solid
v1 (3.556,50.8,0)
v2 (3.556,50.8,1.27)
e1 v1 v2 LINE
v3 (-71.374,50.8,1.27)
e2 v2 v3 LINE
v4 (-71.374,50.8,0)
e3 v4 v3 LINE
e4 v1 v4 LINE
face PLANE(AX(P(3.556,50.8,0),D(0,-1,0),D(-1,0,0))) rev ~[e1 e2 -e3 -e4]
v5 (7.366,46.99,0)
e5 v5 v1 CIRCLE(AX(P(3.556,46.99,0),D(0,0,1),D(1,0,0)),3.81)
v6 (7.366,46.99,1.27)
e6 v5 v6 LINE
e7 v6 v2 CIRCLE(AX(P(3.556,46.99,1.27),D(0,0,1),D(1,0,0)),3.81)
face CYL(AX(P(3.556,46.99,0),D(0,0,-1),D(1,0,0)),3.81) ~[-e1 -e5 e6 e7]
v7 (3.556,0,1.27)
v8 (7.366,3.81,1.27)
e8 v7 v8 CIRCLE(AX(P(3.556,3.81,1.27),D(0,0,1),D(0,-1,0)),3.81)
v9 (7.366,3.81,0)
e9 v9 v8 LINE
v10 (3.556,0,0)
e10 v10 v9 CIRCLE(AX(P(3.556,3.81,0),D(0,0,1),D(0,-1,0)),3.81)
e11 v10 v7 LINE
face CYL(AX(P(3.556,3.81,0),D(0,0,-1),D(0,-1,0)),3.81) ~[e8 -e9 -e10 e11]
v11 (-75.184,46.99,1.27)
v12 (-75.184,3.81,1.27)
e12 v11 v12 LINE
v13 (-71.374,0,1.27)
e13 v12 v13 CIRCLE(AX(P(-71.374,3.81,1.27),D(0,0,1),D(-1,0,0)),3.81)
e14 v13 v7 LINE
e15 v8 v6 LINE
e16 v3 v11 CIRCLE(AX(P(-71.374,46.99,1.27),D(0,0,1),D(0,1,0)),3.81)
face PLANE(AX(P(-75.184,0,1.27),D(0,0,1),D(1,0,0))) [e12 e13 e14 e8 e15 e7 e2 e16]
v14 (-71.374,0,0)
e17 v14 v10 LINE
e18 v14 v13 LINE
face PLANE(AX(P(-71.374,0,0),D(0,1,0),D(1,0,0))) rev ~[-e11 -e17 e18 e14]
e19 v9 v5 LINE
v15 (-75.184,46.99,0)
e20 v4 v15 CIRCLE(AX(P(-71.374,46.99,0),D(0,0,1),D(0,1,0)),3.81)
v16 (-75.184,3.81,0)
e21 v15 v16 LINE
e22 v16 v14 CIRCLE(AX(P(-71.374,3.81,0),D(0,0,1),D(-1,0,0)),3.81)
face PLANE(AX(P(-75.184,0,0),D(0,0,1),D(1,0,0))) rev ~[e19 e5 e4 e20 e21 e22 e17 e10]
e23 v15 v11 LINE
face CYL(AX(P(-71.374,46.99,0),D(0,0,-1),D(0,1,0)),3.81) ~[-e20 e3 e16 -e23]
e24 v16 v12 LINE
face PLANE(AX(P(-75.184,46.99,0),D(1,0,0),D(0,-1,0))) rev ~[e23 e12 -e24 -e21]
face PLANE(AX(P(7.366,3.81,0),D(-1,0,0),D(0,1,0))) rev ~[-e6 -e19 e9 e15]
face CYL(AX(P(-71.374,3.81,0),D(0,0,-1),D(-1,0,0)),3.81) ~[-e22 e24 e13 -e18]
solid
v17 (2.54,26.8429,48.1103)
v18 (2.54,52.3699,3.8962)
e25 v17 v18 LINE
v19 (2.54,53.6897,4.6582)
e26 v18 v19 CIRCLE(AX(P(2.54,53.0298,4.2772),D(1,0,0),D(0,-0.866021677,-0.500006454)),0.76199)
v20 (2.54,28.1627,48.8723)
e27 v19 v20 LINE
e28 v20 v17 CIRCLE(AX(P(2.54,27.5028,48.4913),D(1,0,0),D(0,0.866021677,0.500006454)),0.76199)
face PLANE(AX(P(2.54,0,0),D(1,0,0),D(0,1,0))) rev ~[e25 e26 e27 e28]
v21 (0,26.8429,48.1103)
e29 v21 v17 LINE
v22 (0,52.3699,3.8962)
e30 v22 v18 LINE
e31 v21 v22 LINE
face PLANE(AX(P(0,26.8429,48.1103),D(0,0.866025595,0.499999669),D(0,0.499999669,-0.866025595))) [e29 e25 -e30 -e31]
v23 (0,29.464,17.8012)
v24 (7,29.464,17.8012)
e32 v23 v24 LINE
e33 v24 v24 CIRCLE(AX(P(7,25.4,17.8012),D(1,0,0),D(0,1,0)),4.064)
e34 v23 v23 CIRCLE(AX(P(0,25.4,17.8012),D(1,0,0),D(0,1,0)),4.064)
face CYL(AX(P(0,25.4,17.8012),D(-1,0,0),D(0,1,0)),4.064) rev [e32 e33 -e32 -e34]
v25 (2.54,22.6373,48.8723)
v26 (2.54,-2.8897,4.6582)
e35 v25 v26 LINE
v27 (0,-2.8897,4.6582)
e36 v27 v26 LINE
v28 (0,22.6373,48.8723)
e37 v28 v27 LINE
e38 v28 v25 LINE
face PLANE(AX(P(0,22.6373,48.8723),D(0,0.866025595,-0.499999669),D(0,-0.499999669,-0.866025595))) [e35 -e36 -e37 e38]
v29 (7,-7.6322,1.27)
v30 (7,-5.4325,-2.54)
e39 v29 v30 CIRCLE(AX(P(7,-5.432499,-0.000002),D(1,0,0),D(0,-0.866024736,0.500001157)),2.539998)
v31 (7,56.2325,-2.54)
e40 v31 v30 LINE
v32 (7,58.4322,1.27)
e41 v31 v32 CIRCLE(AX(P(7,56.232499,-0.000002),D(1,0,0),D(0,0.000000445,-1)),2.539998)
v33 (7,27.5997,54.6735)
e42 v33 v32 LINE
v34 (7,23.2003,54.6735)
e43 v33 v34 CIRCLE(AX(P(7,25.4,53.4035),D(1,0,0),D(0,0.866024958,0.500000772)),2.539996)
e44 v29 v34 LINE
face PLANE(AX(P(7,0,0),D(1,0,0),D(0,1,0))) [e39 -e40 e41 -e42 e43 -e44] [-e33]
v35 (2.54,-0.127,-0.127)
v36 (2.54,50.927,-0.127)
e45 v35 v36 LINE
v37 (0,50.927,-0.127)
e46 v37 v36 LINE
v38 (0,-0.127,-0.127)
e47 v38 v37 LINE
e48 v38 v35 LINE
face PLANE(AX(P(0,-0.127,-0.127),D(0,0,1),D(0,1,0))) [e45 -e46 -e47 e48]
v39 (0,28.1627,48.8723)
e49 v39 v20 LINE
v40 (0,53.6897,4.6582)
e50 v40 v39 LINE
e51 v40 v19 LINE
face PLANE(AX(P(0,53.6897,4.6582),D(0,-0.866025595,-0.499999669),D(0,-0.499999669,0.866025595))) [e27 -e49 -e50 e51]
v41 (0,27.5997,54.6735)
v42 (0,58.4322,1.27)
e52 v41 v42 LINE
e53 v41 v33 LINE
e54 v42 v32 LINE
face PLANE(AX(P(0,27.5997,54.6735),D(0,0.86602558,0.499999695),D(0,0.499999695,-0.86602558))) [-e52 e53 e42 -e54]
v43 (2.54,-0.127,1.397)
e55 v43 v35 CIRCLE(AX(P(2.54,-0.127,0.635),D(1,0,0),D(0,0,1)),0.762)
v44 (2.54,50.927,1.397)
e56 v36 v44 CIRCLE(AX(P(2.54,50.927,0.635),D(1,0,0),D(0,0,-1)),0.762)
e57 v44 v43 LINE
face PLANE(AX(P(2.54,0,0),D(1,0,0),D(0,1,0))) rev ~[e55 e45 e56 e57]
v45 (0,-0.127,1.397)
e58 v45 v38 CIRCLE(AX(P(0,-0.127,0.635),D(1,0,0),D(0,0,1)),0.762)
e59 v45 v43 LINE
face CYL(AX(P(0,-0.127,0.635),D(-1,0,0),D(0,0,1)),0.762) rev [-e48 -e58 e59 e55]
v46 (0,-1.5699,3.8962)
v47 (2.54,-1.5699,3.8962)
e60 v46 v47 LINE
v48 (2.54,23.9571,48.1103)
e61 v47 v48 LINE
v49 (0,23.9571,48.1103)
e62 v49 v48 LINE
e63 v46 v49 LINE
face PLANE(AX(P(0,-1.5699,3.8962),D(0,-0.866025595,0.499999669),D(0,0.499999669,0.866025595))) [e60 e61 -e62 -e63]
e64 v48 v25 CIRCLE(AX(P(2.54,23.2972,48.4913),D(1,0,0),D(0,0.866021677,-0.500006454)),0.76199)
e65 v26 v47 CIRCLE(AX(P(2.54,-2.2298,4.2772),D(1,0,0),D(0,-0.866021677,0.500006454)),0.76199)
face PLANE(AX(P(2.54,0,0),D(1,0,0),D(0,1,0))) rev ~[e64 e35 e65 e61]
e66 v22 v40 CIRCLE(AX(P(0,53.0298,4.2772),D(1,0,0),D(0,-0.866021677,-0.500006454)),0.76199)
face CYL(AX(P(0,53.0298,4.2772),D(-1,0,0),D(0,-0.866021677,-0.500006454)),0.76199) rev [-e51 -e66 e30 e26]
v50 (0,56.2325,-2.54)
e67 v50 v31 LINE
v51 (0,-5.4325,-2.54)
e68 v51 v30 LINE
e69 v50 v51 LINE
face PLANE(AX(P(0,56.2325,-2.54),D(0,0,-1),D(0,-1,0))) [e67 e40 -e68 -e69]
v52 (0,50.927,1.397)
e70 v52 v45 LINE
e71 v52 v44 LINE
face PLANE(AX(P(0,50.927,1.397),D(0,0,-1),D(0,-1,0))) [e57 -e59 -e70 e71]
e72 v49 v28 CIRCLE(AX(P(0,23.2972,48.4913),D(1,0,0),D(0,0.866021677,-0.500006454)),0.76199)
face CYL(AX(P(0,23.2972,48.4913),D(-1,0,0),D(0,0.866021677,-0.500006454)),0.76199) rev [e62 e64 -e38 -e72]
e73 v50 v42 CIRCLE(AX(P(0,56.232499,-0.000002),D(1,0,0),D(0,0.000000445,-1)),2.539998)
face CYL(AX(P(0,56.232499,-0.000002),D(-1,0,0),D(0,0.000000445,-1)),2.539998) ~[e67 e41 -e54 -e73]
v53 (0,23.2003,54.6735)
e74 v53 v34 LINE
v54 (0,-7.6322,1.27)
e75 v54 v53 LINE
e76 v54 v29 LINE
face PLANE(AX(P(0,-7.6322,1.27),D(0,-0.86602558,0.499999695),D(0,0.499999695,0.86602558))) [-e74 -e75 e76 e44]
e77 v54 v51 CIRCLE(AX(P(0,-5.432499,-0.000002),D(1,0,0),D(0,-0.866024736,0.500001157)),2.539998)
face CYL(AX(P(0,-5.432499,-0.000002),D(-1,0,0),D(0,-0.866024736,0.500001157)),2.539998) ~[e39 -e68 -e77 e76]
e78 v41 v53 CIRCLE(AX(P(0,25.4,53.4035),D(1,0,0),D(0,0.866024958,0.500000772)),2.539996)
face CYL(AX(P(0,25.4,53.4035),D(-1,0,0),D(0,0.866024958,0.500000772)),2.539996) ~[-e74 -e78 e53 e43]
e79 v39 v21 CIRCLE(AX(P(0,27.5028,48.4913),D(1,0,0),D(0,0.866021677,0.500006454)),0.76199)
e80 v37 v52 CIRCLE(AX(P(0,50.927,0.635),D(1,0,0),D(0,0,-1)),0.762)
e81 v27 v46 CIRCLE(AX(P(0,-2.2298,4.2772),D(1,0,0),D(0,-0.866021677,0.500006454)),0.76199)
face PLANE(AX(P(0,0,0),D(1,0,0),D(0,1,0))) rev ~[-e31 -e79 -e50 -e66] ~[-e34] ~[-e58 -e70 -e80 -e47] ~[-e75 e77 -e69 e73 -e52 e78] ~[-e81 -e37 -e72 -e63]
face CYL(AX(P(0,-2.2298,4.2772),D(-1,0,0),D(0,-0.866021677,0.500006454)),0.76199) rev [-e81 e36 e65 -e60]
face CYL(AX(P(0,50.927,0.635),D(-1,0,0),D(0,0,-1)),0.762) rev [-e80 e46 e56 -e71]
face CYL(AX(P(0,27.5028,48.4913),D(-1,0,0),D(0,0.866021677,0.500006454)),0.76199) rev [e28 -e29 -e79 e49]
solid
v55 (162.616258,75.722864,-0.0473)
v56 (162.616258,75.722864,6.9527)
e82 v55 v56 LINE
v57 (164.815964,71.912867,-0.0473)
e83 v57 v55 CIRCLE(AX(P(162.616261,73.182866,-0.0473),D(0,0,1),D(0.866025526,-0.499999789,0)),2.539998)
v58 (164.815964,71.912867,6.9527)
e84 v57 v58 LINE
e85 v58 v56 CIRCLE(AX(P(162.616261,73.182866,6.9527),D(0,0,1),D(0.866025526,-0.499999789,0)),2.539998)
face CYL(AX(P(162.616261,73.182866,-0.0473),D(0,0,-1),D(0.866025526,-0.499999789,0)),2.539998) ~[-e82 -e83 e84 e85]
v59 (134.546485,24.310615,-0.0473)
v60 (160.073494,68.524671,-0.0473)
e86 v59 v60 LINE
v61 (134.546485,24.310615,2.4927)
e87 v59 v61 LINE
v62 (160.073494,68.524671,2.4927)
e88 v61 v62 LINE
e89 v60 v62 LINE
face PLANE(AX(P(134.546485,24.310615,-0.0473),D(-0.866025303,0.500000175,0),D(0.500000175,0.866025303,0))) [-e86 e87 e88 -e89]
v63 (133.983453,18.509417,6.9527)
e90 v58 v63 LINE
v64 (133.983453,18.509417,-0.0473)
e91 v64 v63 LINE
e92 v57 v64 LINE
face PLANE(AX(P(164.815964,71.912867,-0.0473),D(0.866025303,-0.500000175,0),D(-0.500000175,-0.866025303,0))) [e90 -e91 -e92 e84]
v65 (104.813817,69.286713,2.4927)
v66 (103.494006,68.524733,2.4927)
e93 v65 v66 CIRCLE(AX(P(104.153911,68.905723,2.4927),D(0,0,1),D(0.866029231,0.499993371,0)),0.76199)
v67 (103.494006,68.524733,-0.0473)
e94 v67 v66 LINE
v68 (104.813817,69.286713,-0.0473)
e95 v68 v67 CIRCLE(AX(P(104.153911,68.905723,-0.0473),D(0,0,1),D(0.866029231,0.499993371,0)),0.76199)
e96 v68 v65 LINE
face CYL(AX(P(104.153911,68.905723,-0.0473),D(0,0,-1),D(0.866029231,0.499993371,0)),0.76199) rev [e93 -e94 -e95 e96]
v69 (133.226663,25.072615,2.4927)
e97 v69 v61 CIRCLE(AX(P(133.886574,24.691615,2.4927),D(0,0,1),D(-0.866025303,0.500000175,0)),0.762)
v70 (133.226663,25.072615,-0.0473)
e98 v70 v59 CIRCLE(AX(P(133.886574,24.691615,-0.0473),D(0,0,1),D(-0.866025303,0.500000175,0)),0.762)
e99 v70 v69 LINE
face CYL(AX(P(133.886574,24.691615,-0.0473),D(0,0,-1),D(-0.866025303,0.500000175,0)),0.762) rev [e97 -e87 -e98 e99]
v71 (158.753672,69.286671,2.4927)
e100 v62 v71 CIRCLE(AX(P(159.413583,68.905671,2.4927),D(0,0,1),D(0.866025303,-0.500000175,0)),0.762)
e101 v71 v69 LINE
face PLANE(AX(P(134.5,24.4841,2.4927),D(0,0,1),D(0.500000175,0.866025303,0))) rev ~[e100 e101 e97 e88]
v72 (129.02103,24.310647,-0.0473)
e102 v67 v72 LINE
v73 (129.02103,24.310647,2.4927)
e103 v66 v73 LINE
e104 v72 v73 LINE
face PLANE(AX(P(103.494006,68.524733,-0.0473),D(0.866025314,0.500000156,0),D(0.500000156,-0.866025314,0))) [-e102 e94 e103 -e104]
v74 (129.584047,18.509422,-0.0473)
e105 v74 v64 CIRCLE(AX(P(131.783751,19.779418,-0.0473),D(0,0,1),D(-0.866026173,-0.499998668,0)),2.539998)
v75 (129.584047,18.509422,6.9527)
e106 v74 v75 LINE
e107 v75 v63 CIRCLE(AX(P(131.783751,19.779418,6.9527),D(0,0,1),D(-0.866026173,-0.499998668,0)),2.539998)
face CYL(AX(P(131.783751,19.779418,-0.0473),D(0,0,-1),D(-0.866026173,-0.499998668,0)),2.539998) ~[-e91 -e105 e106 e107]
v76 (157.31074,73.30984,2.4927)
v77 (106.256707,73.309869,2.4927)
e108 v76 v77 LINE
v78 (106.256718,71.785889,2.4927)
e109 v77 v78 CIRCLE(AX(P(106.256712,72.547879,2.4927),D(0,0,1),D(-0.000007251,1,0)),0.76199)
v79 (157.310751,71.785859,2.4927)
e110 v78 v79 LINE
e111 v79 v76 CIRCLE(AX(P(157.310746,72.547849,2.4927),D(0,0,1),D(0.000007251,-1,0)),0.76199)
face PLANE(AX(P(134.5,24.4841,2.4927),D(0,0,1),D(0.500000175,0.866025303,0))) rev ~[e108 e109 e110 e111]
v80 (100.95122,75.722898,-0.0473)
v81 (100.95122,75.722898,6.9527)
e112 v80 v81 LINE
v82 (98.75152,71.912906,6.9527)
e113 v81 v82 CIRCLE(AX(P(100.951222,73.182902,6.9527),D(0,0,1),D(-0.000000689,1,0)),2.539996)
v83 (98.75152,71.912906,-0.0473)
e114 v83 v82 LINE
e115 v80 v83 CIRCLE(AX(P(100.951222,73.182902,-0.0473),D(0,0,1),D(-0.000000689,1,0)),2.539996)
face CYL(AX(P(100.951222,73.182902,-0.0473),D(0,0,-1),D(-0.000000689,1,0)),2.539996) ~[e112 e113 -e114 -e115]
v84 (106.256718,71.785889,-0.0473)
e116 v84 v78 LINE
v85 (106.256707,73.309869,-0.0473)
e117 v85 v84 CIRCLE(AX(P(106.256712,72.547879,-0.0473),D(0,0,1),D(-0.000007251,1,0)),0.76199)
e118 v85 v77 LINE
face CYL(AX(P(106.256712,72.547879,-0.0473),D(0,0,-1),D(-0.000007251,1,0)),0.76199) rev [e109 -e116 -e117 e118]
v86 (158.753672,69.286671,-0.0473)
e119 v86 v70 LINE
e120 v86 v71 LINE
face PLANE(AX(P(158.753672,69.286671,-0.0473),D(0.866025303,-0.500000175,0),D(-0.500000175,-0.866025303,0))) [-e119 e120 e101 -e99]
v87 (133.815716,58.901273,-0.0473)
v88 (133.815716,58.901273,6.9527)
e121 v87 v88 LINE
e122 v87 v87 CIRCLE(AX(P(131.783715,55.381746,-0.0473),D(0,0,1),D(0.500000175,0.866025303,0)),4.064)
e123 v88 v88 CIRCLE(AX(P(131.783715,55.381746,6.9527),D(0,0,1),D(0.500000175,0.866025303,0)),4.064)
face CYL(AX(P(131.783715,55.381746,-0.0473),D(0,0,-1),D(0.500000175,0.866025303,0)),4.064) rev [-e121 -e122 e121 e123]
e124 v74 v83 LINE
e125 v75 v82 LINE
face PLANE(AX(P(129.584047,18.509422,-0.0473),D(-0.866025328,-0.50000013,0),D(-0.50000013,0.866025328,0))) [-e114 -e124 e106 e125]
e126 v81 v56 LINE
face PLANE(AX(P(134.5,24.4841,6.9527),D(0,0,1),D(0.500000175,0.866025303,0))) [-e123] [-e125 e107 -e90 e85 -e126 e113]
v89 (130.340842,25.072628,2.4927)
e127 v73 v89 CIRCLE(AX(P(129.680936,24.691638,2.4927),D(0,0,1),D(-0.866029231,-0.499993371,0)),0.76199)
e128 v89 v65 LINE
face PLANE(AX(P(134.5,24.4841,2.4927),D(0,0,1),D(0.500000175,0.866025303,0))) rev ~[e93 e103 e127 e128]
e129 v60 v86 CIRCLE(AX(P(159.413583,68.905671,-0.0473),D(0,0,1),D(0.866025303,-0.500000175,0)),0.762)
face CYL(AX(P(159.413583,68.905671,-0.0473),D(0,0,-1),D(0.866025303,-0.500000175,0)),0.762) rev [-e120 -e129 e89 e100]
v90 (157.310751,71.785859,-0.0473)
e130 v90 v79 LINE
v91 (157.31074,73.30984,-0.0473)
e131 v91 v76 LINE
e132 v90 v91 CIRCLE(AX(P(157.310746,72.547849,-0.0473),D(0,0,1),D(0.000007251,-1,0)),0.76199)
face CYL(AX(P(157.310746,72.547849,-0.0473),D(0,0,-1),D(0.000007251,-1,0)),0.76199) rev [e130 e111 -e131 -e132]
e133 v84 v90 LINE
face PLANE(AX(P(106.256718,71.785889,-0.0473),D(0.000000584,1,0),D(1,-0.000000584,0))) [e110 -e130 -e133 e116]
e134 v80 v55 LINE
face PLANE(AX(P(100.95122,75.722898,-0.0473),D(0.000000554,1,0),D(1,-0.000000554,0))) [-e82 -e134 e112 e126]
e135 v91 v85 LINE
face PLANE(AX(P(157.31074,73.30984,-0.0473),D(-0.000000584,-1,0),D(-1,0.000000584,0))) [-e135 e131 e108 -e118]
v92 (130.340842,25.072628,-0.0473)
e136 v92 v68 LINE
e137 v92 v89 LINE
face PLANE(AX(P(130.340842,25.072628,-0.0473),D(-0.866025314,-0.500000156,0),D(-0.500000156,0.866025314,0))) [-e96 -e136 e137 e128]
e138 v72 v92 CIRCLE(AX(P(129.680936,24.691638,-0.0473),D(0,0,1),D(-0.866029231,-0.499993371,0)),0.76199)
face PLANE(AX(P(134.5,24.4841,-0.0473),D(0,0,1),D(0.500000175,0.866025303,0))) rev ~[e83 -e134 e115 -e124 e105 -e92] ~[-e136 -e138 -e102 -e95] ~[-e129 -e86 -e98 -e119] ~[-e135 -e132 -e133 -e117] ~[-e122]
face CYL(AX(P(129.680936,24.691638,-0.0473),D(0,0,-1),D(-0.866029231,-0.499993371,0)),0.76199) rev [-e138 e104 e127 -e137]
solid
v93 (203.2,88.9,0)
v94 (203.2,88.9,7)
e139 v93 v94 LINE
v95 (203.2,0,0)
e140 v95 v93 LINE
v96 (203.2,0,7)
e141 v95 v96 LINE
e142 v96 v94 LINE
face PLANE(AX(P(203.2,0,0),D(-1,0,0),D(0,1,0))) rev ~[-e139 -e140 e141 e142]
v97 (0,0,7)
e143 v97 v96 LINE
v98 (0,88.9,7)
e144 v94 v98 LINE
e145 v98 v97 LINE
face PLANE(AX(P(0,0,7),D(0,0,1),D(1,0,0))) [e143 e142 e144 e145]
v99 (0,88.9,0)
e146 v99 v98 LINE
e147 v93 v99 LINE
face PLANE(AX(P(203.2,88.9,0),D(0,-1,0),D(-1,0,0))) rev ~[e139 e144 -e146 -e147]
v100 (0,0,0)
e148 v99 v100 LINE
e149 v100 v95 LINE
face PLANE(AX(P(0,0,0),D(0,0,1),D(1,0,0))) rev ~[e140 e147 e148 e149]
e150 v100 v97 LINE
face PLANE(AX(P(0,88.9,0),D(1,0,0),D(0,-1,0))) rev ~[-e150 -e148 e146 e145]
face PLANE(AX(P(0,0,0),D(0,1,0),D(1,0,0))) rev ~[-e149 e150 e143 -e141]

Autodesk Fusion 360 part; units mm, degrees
sketch "Sketch1" plane through (0, 0, 0) normal (0, 0, 1) x (1, 0, 0) in component "plate"
  line L0 (3.81, 0) -> (78.74, 0)
  line L1 (82.55, 3.81) -> (82.55, 46.99)
  line L2 (78.74, 50.8) -> (3.81, 50.8)
  line L3 (0, 46.99) -> (0, 3.81)
  arc A0 (3.81, 50.8) -> (0, 46.99) centre (3.81, 46.99) ccw
  arc A1 (82.55, 46.99) -> (78.74, 50.8) centre (78.74, 46.99) ccw
  arc A2 (78.74, 0) -> (82.55, 3.81) centre (78.74, 3.81) ccw
  arc A3 (0, 3.81) -> (3.81, 0) centre (3.81, 3.81) ccw
  point P0 (82.55, 0)
  point P1 (0, 50.8)
  dimension "d1" = 82.55
  dimension "d2" = 50.8
  dimension "d3" = 3.81
extrude "Extrude1" add sketch "Sketch1" along normal blind 1.27 makes body 1 in component "plate"
sketch "Sketch1 (2)" plane through (0, 0, 0) normal (1, 0, 0) x (0, 1, 0) in component "holder"
  line L0 (56.2325, -2.54) -> (-5.4325, -2.54)
  line L1 (-7.6322, 1.27) -> (23.2003, 54.6735)
  line L2 (27.5997, 54.6735) -> (58.4322, 1.27)
  line L3 (46.99, 0) -> (3.81, 0)
  line L4 (50.8, 0) -> (46.99, 0)
  line L5 (3.81, 0) -> (0, 0)
  line L6 (25.4, 0) -> (25.4, -2.54) construction
  line L7 (50.8, 1.27) -> (46.99, 1.27) construction
  line L8 (46.99, 1.27) -> (3.81, 1.27) construction
  line L9 (3.81, 1.27) -> (0, 1.27) construction
  line L10 (50.8, 1.27) -> (0, 1.27) construction
  line L11 (0, 1.27) -> (0, 0) construction
  line L12 (0, 0) -> (50.8, 0) construction
  line L13 (50.8, 0) -> (50.8, 1.27) construction
  line L14 (-0.127, -0.127) -> (50.927, -0.127)
  line L15 (50.927, -0.127) -> (50.927, 1.397) construction
  line L16 (50.927, 1.397) -> (-0.127, 1.397)
  line L17 (-0.127, 1.397) -> (-0.127, -0.127) construction
  arc A0 (27.5997, 54.6735) -> (23.2003, 54.6735) centre (25.4, 53.4035) ccw
  arc A1 (56.2325, -2.54) -> (58.4322, 1.27) centre (56.2325, 0) ccw
  arc A2 (-7.6322, 1.27) -> (-5.4325, -2.54) centre (-5.4325, 0) ccw
  arc A3 (50.927, -0.127) -> (50.927, 1.397) centre (50.927, 0.635) ccw
  arc A4 (-0.127, 1.397) -> (-0.127, -0.127) centre (-0.127, 0.635) ccw
  arc A5 (52.3699, 3.8962) -> (53.6897, 4.6582) centre (53.0298, 4.2772) ccw
  line L18 (53.6897, 4.6582) -> (28.1627, 48.8723)
  line L19 (26.8429, 48.1103) -> (52.3699, 3.8962)
  arc A6 (28.1627, 48.8723) -> (26.8429, 48.1103) centre (27.5028, 48.4913) ccw
  arc A7 (23.9571, 48.1103) -> (22.6373, 48.8723) centre (23.2972, 48.4913) ccw
  line L20 (22.6373, 48.8723) -> (-2.8897, 4.6582)
  line L21 (-1.5699, 3.8962) -> (23.9571, 48.1103)
  arc A8 (-2.8897, 4.6582) -> (-1.5699, 3.8962) centre (-2.2298, 4.2772) ccw
  circle A9 centre (25.4, 17.8012) radius 4.064
  line L22 (43.016, 27.9717) -> (18.9016, 14.0493) construction
  line L23 (7.784, 27.9717) -> (30.3338, 14.9526) construction
  line L24 (25.4, -2.54) -> (25.4, 29.45) construction
  point P0 (25.4, 17.8012)
  dimension "d7" = 2.54
  dimension "d8" = 0.127
  dimension "d11" = 2.54
  dimension "d12" = 2.54
  dimension "d13" = 2.54
  dimension "d15" = 360
  dimension "d16" = 8.128
extrude "Extrude1'" add sketch "Sketch1 (2)" along normal blind 7 separate body contours L0 L1 L2 A0 A1 A2 | L14 L16 A3 A4 | A5 L18 L19 A6 | A7 L20 L21 A8 makes body 2 in component "holder"
extrude "Extrude2" cut sketch "Sketch1 (2)" along normal blind 2.54 contours L14 L16 A3 A4 | A5 L18 L19 A6 | A7 L20 L21 A8 bodies 2 in component "holder"
copy_body "CutPasteBodies1" bodies 2 removing the originals makes body 3 in component "holder"
sketch "Sketch1 (3)" plane through (0, 0, 0) normal (0, 0, 1) x (1, 0, 0) in component "mdf"
  line L0 (0, 0) -> (203.2, 0)
  line L1 (203.2, 0) -> (203.2, 88.9)
  line L2 (203.2, 88.9) -> (0, 88.9)
  line L3 (0, 88.9) -> (0, 0)
  dimension "d21" = 203.2
  dimension "d22" = 88.9
extrude "Extrude1''" add sketch "Sketch1 (3)" along normal blind 7 separate body makes body 4 in component "mdf"
component "plate" placed x (1, 0, 0) y (0, 1, 0) z (0, 0, 1) at (-75.184, 0, 0)
component "holder" placed x (1, 0, 0) y (0, 1, 0) z (0, 0, 1) at (0, 0, 0)
component "mdf" placed x (1, 0, 0) y (0, 1, 0) z (0, 0, 1) at (0, 0, 0)
component "holder" placed x (0, 0, 1) y (0.5, 0.866025, 0) z (-0.866025, 0.5, 0) at (134.5, 24.4841, -0.0473)
